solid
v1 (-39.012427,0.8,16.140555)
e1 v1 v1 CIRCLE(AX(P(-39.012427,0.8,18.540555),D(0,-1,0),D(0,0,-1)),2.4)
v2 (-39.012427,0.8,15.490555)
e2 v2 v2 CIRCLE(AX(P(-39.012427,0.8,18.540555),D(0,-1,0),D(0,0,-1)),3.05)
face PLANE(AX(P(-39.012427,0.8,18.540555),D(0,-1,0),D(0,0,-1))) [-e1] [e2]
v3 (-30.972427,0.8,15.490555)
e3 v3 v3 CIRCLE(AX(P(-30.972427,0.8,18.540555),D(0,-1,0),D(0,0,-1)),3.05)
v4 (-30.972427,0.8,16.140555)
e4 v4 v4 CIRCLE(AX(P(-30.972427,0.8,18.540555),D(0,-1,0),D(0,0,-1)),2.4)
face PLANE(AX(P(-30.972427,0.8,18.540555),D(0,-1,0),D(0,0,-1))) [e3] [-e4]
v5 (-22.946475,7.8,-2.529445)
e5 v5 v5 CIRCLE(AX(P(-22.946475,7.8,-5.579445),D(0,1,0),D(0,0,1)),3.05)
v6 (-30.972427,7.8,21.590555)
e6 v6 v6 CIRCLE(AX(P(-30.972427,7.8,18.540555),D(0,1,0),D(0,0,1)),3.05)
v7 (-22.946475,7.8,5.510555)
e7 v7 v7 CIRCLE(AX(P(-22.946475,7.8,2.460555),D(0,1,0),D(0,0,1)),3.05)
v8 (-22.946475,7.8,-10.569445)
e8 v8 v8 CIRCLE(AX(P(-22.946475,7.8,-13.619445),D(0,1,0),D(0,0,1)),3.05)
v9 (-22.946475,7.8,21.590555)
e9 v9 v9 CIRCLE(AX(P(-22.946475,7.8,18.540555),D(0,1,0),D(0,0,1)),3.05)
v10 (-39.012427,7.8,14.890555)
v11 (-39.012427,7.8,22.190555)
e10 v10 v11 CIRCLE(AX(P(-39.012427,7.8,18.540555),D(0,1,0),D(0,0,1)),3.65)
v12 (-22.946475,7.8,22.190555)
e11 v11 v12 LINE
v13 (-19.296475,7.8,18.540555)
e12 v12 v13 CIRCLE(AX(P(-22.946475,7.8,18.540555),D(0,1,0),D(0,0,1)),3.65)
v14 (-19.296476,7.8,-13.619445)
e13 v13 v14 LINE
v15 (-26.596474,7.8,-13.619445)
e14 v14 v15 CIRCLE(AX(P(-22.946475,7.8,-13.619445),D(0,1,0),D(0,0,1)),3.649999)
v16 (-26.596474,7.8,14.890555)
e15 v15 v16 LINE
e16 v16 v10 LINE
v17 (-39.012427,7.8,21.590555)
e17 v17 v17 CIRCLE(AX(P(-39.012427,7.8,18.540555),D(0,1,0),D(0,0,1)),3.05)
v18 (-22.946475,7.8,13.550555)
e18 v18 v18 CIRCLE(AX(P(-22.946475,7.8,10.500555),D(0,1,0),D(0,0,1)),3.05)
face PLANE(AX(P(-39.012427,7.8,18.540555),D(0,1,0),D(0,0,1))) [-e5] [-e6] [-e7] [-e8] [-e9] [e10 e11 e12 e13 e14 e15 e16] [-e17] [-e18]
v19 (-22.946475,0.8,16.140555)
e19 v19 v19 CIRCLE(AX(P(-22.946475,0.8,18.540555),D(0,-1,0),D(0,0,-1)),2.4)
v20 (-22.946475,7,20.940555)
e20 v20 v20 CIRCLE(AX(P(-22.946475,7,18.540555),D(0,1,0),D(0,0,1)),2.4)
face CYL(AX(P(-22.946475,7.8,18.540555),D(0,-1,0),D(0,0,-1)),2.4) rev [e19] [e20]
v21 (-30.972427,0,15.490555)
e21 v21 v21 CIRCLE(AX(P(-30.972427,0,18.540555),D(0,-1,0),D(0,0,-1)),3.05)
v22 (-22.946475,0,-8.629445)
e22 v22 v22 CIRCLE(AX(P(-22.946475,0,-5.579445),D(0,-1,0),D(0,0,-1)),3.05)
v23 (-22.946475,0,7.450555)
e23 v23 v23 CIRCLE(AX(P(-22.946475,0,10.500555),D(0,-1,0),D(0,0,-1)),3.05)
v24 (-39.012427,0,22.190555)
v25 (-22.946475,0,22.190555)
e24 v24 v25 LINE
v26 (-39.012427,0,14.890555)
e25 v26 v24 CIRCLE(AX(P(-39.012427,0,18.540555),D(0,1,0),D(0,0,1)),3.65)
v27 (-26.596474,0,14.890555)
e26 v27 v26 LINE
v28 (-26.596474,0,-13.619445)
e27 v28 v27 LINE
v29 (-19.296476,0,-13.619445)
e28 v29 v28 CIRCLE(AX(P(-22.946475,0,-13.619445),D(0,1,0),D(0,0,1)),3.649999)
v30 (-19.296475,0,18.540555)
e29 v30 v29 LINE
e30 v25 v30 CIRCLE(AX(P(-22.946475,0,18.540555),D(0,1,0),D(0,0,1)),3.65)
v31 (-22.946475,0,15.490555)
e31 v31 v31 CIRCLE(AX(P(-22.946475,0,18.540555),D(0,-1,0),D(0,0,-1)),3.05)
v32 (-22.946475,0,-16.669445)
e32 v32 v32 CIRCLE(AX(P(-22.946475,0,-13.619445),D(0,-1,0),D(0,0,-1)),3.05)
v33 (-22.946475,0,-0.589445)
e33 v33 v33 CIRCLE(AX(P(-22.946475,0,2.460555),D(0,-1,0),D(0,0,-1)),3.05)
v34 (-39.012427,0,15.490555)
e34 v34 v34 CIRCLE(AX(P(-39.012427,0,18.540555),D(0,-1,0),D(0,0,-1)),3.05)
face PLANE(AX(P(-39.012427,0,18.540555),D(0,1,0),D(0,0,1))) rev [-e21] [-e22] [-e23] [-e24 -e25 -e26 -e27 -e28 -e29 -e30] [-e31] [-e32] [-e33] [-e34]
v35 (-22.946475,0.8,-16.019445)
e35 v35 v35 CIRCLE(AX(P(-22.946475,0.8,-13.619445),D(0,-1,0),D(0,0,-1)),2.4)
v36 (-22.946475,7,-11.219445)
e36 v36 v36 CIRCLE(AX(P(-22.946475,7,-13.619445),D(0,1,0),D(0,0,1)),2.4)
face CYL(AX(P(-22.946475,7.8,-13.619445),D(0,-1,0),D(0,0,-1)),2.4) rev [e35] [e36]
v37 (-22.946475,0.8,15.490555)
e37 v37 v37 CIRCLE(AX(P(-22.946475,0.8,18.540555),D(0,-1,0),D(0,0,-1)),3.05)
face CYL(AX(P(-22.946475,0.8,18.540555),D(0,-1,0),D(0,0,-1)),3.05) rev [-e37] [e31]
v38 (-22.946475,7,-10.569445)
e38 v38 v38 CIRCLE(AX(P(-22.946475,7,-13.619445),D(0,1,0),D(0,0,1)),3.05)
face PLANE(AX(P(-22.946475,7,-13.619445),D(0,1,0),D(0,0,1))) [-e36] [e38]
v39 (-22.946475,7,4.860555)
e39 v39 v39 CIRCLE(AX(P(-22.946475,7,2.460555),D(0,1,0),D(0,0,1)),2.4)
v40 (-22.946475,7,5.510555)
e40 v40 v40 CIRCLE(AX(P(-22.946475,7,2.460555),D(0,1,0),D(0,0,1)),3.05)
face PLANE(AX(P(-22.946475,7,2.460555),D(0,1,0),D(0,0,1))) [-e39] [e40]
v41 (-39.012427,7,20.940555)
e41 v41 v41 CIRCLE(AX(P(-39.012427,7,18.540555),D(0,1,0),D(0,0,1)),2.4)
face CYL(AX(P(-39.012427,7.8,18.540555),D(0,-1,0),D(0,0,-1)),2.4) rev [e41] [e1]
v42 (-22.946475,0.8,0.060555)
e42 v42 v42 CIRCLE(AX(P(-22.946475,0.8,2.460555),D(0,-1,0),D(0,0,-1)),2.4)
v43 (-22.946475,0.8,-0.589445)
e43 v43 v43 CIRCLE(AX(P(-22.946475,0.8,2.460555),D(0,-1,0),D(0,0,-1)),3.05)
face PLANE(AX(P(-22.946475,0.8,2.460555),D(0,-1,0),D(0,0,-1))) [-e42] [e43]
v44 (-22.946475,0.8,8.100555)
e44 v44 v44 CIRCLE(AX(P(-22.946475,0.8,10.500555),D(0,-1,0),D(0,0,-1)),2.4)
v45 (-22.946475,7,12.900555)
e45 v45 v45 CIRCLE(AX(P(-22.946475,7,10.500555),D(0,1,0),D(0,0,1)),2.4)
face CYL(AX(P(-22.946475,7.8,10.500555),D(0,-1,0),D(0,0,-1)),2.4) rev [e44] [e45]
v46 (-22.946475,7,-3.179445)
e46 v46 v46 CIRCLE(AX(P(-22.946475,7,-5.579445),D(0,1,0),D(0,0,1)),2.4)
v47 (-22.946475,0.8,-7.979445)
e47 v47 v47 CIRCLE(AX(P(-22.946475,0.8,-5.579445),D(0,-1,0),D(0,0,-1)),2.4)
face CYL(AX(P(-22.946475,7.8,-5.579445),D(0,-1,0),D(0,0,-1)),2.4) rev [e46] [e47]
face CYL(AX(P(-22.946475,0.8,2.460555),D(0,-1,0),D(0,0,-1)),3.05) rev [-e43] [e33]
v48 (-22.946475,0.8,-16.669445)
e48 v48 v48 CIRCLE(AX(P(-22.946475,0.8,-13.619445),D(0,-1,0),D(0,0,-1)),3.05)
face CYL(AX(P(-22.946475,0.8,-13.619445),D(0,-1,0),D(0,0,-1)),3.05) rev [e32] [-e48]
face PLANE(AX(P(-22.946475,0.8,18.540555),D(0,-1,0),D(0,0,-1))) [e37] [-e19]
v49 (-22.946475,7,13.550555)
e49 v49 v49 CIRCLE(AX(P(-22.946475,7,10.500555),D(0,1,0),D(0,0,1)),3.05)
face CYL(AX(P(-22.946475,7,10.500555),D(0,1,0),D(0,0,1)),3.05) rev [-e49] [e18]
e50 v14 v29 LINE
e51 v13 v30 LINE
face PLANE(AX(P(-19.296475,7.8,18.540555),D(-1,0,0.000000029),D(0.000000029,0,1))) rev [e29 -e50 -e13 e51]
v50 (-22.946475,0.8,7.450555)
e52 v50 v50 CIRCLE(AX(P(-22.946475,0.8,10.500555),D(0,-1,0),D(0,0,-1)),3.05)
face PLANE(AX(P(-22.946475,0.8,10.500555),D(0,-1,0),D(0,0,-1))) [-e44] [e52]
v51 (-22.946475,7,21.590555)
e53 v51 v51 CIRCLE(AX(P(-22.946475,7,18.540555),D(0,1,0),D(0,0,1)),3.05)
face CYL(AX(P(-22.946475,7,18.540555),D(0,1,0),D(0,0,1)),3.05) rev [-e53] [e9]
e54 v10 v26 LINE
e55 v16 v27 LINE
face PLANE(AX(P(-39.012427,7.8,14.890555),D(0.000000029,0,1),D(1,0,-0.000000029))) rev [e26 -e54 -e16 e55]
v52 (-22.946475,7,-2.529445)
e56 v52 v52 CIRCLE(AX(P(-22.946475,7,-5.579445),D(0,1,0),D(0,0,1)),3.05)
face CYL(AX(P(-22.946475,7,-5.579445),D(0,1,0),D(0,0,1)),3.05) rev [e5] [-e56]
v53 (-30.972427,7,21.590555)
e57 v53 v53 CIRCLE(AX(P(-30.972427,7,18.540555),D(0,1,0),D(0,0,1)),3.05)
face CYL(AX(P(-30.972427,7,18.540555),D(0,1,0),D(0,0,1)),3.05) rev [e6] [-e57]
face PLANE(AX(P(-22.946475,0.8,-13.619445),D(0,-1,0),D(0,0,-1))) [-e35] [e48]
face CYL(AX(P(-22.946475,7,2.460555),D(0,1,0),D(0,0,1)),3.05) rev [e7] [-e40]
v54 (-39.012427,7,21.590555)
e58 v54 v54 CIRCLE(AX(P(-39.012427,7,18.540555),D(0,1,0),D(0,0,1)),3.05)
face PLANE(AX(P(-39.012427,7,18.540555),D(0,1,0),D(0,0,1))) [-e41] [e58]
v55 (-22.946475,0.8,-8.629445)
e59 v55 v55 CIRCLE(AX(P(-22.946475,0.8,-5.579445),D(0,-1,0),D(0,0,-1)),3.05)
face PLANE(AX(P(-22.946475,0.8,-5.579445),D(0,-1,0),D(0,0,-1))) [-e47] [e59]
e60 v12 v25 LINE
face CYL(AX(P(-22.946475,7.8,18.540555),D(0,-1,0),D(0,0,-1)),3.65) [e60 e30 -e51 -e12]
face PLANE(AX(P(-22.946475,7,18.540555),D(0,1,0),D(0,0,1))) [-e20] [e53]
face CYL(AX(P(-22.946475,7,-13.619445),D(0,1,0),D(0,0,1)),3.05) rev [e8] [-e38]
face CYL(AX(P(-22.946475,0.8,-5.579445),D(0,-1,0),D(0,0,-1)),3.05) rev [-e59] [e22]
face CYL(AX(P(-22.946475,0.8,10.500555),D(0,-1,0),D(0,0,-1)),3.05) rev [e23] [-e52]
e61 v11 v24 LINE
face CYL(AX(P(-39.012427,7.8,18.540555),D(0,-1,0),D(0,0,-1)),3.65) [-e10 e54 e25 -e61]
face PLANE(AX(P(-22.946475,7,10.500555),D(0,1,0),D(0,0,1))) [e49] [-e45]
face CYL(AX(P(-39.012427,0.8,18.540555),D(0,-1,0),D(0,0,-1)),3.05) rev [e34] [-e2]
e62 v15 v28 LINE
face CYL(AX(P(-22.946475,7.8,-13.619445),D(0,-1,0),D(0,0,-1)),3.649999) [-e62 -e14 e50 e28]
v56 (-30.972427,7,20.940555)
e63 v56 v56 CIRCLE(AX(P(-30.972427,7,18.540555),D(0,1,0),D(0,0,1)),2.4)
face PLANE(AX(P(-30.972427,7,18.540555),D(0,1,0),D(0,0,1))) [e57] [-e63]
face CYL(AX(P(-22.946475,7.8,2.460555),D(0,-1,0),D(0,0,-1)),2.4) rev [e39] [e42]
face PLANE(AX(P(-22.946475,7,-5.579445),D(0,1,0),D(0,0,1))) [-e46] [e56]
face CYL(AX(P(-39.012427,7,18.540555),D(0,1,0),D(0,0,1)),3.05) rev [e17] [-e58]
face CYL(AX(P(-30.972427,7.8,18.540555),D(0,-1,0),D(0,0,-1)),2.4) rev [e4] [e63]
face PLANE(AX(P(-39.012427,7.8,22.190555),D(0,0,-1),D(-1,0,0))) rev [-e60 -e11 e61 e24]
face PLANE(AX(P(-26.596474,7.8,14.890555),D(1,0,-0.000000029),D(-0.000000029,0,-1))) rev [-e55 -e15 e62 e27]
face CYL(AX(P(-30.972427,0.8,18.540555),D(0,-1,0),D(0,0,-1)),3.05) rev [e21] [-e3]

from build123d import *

# Parameters (mm, degrees)
SKETCH1_R           = 2.4
BOSS_EXTRUDE1_DEPTH = 7.8
SKETCH2_R           = 3.05
CUT_EXTRUDE1_DEPTH  = 0.8
SKETCH3_R           = 3.05
CUT_EXTRUDE2_DEPTH  = 0.8


with BuildPart() as part:
    # Sketch1 → Boss-Extrude1 (new body)
    with BuildSketch(Plane(origin=(0, 0, 0), x_dir=(1, 0, 0), z_dir=(0, 1, 0))):
        with BuildLine():
            Line((-39.012427485, -14.890555083), (-26.596473565, -14.89055472))
            Line((-26.596473565, -14.89055472), (-26.596474399, 13.619444917))
            ThreePointArc((-26.596474399, 13.619444917), (-22.946475341, 17.269443976), (-19.296476282, 13.619444917))
            Line((-19.296476282, 13.619444917), (-19.296475341, -18.540555083))
            ThreePointArc((-19.296475341, -18.540555083), (-20.365535589, -21.121494834), (-22.946475341, -22.190555083))
            Line((-22.946475341, -22.190555083), (-39.012427485, -22.190555083))
            ThreePointArc((-39.012427485, -22.190555083), (-42.662427485, -18.540555083), (-39.012427485, -14.890555083))
        make_face()
        with Locations((-39.012427485, -18.540555083)):
            Circle(SKETCH1_R, mode=Mode.SUBTRACT)
        with Locations((-30.972427485, -18.540555083)):
            Circle(SKETCH1_R, mode=Mode.SUBTRACT)
        with Locations((-22.946475341, -18.540555083)):
            Circle(SKETCH1_R, mode=Mode.SUBTRACT)
        with Locations((-22.946475341, 13.619444917)):
            Circle(SKETCH1_R, mode=Mode.SUBTRACT)
        with Locations((-22.946475341, 5.579444917)):
            Circle(SKETCH1_R, mode=Mode.SUBTRACT)
        with Locations((-22.946475341, -2.460555083)):
            Circle(SKETCH1_R, mode=Mode.SUBTRACT)
        with Locations((-22.946475341, -10.500555083)):
            Circle(SKETCH1_R, mode=Mode.SUBTRACT)
    extrude(amount=BOSS_EXTRUDE1_DEPTH)

    # Sketch2 → Cut-Extrude1 (cut)
    with BuildSketch(Plane(origin=(0, 7.8, 0), x_dir=(1, 0, 0), z_dir=(0, 1, 0))):
        with Locations((-39.012427485, -18.540555083)):
            Circle(SKETCH2_R)
        with Locations((-30.972427485, -18.540555083)):
            Circle(SKETCH2_R)
        with Locations((-22.946475341, -18.540555083)):
            Circle(SKETCH2_R)
        with Locations((-22.946475341, -10.500555083)):
            Circle(SKETCH2_R)
        with Locations((-22.946475341, -2.460555083)):
            Circle(SKETCH2_R)
        with Locations((-22.946475341, 5.579444917)):
            Circle(SKETCH2_R)
        with Locations((-22.946475341, 13.619444917)):
            Circle(SKETCH2_R)
    extrude(amount=-CUT_EXTRUDE1_DEPTH, mode=Mode.SUBTRACT)

    # Sketch3 → Cut-Extrude2 (cut)
    with BuildSketch(Plane.XZ):
        with Locations((-30.972427485, 18.540555083)):
            Circle(SKETCH3_R)
        with Locations((-39.012427485, 18.540555083)):
            Circle(SKETCH3_R)
        with Locations((-22.946475341, 18.540555083)):
            Circle(SKETCH3_R)
        with Locations((-22.946475341, 10.500555083)):
            Circle(SKETCH3_R)
        with Locations((-22.946475341, 2.460555083)):
            Circle(SKETCH3_R)
        with Locations((-22.946475341, -5.579444917)):
            Circle(SKETCH3_R)
        with Locations((-22.946475341, -13.619444917)):
            Circle(SKETCH3_R)
    extrude(amount=-CUT_EXTRUDE2_DEPTH, mode=Mode.SUBTRACT)


solid = part.part
